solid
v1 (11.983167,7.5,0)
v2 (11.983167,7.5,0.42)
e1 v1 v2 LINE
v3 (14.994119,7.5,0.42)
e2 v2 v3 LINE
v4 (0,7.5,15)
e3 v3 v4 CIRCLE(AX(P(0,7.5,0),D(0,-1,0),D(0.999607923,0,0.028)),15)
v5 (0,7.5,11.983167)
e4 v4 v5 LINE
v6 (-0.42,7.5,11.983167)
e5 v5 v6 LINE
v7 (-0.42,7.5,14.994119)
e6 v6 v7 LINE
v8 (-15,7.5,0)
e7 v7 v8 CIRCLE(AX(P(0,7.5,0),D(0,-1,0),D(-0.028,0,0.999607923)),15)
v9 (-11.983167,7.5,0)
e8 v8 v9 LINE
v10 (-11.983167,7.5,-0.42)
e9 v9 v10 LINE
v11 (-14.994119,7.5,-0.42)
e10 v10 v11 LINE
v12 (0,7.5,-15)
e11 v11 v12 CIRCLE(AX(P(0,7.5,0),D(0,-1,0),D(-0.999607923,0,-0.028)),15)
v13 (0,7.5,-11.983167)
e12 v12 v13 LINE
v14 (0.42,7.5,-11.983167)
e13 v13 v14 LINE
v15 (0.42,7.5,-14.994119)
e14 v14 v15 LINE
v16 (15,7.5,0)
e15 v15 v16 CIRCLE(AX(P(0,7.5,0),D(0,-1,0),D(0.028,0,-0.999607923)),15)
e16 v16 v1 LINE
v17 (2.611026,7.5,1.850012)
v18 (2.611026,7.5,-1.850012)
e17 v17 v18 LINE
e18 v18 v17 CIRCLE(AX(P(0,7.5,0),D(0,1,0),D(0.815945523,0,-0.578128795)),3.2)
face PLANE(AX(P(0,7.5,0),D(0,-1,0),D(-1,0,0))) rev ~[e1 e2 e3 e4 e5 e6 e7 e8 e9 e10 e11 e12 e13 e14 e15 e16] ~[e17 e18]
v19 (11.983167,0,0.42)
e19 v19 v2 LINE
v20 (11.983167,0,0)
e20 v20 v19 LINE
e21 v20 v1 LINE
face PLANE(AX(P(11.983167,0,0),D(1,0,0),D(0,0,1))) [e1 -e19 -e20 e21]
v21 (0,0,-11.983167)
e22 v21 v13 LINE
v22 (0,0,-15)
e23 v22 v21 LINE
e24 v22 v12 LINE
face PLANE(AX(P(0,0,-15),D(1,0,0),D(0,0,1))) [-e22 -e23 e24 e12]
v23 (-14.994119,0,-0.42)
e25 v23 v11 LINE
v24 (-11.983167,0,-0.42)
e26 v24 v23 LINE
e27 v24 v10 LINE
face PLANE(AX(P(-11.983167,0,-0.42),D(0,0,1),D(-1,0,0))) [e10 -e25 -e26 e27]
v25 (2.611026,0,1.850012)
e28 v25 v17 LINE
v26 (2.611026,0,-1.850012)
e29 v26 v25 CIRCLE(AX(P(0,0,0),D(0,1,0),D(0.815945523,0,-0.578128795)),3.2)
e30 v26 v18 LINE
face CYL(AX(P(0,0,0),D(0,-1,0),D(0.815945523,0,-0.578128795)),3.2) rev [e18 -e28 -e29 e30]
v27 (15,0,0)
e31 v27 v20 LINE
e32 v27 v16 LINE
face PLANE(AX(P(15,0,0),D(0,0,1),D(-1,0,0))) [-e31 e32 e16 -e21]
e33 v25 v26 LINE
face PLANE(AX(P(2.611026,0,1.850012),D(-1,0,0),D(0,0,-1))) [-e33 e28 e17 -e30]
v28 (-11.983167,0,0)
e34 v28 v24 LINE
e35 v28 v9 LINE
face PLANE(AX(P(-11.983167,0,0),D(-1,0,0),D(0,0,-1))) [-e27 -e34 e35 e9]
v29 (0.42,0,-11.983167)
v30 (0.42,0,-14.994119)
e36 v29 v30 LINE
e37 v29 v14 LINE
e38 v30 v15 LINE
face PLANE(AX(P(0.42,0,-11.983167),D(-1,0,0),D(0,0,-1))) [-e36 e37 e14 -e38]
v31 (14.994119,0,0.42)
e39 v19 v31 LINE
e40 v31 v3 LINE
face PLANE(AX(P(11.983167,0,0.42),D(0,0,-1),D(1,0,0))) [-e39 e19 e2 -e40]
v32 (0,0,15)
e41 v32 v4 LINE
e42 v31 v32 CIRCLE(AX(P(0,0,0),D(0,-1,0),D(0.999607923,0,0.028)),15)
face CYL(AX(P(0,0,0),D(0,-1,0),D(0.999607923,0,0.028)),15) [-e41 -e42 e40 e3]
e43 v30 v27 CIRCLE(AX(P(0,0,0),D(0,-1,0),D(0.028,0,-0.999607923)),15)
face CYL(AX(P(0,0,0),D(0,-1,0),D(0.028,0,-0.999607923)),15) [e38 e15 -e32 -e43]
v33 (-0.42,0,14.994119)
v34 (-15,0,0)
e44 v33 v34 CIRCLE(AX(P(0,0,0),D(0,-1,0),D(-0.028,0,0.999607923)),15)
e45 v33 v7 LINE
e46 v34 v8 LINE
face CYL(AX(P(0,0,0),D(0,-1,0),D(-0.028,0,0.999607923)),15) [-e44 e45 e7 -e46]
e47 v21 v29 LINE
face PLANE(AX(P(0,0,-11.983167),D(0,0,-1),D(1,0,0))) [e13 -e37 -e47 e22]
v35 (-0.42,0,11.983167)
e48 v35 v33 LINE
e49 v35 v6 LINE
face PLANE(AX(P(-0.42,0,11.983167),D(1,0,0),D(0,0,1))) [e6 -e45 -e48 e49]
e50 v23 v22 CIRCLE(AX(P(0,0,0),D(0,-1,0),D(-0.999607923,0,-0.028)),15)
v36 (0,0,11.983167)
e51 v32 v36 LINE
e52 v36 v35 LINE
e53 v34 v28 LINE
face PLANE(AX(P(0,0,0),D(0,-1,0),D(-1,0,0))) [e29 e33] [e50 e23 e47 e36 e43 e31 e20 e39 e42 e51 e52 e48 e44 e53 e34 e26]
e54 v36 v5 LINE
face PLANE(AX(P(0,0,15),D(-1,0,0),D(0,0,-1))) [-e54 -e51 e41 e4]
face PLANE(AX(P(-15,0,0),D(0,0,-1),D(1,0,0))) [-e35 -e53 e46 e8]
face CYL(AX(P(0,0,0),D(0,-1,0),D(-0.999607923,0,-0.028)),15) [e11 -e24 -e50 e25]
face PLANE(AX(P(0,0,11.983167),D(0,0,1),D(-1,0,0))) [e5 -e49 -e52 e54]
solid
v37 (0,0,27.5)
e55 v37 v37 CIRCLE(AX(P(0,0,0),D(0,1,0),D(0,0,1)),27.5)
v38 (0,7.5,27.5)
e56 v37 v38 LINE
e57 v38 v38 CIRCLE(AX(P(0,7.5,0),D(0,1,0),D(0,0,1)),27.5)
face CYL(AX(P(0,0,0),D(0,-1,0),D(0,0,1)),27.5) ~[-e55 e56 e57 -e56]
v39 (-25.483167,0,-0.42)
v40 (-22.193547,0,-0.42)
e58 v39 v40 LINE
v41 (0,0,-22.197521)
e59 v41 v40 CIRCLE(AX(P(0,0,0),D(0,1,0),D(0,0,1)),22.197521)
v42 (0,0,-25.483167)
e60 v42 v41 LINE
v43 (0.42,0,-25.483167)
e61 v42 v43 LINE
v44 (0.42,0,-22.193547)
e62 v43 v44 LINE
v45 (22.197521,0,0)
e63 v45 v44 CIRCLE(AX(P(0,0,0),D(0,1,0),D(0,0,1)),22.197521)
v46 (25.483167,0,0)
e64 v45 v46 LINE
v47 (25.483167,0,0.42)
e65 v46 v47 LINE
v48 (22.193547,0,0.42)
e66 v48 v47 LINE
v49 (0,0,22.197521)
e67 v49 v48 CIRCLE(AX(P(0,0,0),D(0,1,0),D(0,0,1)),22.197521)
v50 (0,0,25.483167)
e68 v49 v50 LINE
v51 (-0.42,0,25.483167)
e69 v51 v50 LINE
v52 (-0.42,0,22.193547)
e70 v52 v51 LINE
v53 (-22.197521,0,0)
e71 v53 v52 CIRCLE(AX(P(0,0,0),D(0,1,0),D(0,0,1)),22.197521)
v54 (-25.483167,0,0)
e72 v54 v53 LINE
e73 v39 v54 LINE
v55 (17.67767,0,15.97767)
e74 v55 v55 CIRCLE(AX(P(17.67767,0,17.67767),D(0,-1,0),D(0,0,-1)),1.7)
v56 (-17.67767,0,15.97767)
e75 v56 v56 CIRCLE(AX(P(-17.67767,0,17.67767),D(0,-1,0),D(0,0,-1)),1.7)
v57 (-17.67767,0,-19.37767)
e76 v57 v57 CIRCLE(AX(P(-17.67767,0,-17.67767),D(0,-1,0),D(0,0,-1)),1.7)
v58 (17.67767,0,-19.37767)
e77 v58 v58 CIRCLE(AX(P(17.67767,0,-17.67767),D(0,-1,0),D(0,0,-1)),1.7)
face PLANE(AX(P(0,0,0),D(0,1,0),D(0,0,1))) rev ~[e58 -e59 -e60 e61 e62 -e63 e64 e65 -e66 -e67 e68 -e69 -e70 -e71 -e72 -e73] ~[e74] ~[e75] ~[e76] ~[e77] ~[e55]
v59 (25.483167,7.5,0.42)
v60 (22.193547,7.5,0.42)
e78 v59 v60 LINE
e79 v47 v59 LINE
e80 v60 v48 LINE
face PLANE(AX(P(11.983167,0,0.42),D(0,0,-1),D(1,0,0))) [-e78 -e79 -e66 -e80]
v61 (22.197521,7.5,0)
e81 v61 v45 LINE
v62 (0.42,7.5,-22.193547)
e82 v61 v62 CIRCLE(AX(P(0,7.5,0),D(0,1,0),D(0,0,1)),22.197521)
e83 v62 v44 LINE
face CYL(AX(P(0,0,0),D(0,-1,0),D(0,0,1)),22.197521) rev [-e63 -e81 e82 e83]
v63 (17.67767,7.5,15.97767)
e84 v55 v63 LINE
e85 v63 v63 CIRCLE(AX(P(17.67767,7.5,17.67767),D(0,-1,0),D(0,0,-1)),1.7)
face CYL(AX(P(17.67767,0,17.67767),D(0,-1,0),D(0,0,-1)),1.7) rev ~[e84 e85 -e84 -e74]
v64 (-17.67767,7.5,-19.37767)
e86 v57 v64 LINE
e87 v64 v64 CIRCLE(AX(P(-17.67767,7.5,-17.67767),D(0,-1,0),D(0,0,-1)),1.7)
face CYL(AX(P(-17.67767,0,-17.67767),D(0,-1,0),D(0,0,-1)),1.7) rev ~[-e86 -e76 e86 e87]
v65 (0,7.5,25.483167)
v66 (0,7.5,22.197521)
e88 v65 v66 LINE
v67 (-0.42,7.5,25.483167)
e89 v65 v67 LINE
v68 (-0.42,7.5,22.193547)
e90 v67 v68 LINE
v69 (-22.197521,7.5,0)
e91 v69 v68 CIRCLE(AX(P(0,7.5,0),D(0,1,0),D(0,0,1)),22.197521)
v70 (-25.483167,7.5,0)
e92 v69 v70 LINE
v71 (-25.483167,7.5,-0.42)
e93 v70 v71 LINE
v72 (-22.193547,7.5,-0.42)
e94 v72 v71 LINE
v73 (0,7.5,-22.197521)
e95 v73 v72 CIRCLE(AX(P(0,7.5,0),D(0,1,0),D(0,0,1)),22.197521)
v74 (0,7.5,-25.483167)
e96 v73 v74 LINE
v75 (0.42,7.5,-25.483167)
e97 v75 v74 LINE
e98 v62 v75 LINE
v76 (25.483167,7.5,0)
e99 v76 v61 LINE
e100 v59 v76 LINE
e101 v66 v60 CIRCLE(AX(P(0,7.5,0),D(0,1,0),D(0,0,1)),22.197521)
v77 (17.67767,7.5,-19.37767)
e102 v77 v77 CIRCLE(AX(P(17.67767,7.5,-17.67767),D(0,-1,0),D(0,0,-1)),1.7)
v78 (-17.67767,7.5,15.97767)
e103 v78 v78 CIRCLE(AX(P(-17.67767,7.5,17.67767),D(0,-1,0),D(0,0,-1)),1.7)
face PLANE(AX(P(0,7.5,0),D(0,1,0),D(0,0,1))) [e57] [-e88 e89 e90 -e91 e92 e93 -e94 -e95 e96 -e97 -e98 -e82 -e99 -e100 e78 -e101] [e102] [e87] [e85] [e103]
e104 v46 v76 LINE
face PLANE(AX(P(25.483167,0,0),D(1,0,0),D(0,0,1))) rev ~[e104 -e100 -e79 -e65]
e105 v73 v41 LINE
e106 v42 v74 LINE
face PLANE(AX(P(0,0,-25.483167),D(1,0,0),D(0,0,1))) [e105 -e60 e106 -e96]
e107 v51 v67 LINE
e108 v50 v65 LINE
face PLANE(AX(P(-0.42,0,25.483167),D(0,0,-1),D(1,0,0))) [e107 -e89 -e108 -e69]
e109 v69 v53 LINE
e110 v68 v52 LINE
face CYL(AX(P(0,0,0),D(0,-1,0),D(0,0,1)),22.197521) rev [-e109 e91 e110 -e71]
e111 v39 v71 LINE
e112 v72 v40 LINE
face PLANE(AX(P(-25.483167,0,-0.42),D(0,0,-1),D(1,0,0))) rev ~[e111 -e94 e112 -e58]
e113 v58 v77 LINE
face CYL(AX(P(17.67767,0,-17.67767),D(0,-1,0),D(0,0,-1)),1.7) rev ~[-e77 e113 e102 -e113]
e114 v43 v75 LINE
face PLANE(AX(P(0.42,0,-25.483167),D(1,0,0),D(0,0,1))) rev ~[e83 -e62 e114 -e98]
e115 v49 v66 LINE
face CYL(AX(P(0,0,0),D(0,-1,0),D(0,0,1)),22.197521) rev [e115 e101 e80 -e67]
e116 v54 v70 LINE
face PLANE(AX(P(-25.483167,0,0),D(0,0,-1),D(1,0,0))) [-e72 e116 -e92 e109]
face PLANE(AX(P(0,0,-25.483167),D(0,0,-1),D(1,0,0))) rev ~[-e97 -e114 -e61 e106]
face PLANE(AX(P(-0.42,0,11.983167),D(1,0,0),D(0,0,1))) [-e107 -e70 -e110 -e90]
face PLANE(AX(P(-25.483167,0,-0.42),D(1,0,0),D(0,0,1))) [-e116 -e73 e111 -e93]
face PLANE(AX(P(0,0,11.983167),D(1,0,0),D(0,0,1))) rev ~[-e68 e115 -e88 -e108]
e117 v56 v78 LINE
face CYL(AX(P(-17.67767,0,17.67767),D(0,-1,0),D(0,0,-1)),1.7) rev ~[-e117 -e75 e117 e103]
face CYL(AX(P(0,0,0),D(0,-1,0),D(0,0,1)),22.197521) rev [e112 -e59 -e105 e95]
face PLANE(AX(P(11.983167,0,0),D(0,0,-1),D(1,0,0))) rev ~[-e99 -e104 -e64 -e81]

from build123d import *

# Parameters (mm, degrees)
SKETCH2_R             = 27.5
SKETCH2_R_2           = 22.197520882
BOSS_EXTRUDE3_DEPTH   = 7.5
BOSS_EXTRUDE3_2_DEPTH = 7.5
SKETCH5_R             = 1.7
SKETCH5_W             = 0.42
SKETCH5_H             = 13.5
SKETCH5_W_2           = 13.5
SKETCH5_H_2           = 0.42
CUT_EXTRUDE6_DEPTH    = 40.607448794
CUT_EXTRUDE8_DEPTH    = 7.5


with BuildPart() as part:
    # Sketch2 → Boss-Extrude3 (new body)
    with BuildSketch(Plane(origin=(0, 0, 0), x_dir=(1, 0, 0), z_dir=(0, 1, 0))):
        with Locations(Location((0, 0, 0), (0, 0, 270))):
            Circle(SKETCH2_R)
        with Locations(Location((0, 0, 0), (0, 0, 270))):
            Circle(SKETCH2_R_2, mode=Mode.SUBTRACT)
    extrude(amount=BOSS_EXTRUDE3_DEPTH)

    # Sketch5 → Cut-Extrude6 (cut, through all)
    with BuildSketch(Plane.XZ):
        with Locations(Location((-17.67766953, 17.67766953, 0), (0, 0, 270))):
            Circle(SKETCH5_R)
        with Locations(Location((17.67766953, 17.67766953, 0), (0, 0, 270))):
            Circle(SKETCH5_R)
        with Locations(Location((17.67766953, -17.67766953, 0), (0, 0, 270))):
            Circle(SKETCH5_R)
        with Locations(Location((-17.67766953, -17.67766953, 0), (0, 0, 270))):
            Circle(SKETCH5_R)
        with Locations((0.21, -18.733167206)):
            Rectangle(SKETCH5_W, SKETCH5_H)
        with Locations((-18.733167206, -0.21)):
            Rectangle(SKETCH5_W_2, SKETCH5_H_2)
        with Locations((-0.21, 18.733167206)):
            Rectangle(SKETCH5_W, SKETCH5_H)
        with Locations((18.733167206, 0.21)):
            Rectangle(SKETCH5_W_2, SKETCH5_H_2)
    extrude(amount=-CUT_EXTRUDE6_DEPTH, mode=Mode.SUBTRACT)


with BuildPart() as body_2:
    # Sketch2 → Boss-Extrude3 2 (new body)
    with BuildSketch(Plane(origin=(0, 0, 0), x_dir=(1, 0, 0), z_dir=(0, 1, 0))):
        with BuildLine():
            Line((0, -15), (0, -11.983167206))
            Line((0, -11.983167206), (-0.42, -11.983167206))
            Line((-0.42, -11.983167206), (-0.42, -14.994118847))
            ThreePointArc((-0.42, -14.994118847), (-10.754068997, -10.457055035), (-15, 0))
            Line((-15, 0), (-11.983167206, 0))
            Line((-11.983167206, 0), (-11.983167206, 0.42))
            Line((-11.983167206, 0.42), (-14.994118847, 0.42))
            ThreePointArc((-14.994118847, 0.42), (-10.457055035, 10.754068997), (0, 15))
            Line((0, 15), (0, 11.983167206))
            Line((0, 11.983167206), (0.42, 11.983167206))
            Line((0.42, 11.983167206), (0.42, 14.994118847))
            ThreePointArc((0.42, 14.994118847), (10.754068997, 10.457055035), (15, 0))
            Line((15, 0), (11.983167206, 0))
            Line((11.983167206, 0), (11.983167206, -0.42))
            Line((11.983167206, -0.42), (14.994118847, -0.42))
            ThreePointArc((14.994118847, -0.42), (10.457055035, -10.754068997), (0, -15))
        make_face()
    extrude(amount=BOSS_EXTRUDE3_2_DEPTH)

    # Sketch7 → Cut-Extrude8 (cut)
    with BuildSketch(Plane.XZ):
        with BuildLine():
            Line((2.611025673, 1.850012144), (2.611025673, -1.850012144))
            ThreePointArc((2.611025673, -1.850012144), (-3.2, 0), (2.611025673, 1.850012144))
        make_face()
    extrude(amount=-CUT_EXTRUDE8_DEPTH, mode=Mode.SUBTRACT)


solid = Compound([part.part, body_2.part])
